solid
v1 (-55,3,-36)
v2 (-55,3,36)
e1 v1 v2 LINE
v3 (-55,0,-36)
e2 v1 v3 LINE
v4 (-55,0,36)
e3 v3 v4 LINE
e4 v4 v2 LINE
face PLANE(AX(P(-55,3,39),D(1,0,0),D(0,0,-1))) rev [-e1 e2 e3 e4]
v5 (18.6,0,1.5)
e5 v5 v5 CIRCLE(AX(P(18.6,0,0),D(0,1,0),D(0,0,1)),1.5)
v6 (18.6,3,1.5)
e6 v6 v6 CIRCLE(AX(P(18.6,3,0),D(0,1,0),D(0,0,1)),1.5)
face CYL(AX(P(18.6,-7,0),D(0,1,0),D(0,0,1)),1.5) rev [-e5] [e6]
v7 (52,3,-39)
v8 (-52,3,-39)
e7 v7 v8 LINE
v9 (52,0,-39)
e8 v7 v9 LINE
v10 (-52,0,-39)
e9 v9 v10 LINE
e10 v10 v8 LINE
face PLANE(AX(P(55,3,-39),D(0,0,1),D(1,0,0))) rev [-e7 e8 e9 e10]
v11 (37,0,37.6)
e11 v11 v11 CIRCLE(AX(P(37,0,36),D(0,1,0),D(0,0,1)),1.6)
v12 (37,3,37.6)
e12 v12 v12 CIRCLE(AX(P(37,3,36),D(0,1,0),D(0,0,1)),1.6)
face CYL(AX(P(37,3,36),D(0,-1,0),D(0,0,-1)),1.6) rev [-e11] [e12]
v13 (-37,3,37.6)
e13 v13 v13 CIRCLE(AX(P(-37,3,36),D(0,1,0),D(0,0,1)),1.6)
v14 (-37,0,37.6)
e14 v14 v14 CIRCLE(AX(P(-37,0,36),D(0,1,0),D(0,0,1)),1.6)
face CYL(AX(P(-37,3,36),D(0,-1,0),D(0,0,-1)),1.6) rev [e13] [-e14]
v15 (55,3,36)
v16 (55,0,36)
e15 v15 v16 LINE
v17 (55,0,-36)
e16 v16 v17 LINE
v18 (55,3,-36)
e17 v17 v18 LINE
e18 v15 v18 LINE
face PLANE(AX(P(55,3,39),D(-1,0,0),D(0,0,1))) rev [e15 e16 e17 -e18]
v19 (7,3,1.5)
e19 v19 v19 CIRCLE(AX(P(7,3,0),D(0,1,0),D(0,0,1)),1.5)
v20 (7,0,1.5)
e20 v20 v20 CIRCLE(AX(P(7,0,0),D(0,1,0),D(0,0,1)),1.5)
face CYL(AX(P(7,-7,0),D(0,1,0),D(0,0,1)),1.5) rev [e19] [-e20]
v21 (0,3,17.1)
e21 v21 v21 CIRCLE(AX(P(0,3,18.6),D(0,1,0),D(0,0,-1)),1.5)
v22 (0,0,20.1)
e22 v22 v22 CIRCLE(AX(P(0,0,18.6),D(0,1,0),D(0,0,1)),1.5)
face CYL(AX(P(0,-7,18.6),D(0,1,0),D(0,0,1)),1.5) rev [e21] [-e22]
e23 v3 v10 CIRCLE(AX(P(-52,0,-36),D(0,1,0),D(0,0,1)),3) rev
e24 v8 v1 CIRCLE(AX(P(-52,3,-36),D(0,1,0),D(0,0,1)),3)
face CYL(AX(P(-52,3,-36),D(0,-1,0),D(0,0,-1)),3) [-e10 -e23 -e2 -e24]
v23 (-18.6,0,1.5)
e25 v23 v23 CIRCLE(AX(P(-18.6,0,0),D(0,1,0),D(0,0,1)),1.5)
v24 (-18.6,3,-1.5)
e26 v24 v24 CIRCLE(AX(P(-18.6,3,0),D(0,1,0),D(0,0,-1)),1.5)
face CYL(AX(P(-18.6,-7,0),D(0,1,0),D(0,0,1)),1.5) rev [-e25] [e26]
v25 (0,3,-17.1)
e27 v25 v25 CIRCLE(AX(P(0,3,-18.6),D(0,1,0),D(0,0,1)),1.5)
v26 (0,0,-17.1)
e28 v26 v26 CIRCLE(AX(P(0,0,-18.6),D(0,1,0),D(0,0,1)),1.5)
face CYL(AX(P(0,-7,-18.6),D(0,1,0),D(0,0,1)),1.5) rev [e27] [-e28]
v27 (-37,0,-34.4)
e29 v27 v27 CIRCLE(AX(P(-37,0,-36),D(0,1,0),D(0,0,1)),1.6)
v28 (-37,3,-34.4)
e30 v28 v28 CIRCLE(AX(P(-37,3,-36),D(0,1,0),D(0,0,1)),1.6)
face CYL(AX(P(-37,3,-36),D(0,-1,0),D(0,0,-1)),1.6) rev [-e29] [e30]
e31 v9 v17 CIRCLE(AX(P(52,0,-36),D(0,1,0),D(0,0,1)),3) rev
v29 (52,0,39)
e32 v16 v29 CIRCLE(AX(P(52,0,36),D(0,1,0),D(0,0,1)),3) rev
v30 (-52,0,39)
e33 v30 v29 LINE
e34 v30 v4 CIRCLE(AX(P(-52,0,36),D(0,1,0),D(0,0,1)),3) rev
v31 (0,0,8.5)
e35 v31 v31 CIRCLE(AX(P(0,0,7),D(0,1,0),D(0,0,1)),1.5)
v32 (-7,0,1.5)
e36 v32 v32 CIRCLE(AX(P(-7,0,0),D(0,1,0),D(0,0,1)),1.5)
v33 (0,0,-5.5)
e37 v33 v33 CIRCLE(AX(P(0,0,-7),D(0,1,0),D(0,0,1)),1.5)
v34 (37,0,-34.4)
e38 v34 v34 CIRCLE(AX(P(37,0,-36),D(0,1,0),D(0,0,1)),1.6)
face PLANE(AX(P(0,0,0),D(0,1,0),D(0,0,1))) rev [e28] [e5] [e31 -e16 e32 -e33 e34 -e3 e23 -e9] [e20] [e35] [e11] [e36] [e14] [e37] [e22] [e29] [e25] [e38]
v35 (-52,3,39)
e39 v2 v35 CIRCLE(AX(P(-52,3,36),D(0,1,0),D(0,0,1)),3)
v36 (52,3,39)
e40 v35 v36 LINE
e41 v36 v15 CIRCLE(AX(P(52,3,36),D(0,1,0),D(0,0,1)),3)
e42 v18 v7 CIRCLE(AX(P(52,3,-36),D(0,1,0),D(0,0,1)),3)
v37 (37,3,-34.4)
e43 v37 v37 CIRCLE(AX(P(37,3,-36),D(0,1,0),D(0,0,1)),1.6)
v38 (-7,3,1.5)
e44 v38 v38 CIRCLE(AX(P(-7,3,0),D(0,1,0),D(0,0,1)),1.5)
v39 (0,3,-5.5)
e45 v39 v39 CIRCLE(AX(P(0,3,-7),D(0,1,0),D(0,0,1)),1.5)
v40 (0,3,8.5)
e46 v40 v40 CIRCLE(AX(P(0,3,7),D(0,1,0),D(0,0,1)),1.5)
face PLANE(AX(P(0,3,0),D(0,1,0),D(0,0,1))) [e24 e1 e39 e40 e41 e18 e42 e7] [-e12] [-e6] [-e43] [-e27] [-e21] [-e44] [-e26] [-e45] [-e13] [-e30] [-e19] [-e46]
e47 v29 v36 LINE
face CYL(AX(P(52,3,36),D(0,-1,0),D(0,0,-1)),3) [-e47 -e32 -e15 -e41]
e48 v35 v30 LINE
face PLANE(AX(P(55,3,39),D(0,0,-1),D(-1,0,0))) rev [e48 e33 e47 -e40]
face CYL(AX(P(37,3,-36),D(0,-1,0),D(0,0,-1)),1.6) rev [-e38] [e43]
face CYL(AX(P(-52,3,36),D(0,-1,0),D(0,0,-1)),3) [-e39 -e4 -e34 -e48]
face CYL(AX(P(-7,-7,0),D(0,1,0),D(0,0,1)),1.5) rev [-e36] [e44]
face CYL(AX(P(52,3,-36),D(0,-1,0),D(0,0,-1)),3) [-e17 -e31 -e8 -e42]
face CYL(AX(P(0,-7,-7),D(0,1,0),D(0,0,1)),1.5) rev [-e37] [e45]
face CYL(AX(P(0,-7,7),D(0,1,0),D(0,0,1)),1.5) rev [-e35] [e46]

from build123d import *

# Parameters (mm, degrees)
SKETCH_1_W          = 110
SKETCH_1_H          = 78
SKETCH_1_R          = 1.6
EXTRUDE_1_DEPTH     = 3
FILLET_1_R          = 3
SKETCH_2_R          = 1.5
CUT_EXTRUDE_1_DEPTH = 10


with BuildPart() as part:
    # 草图1 → 凸台-拉伸1 (new body)
    with BuildSketch(Plane(origin=(0, 0, 0), x_dir=(1, 0, 0), z_dir=(0, 1, 0))):
        Rectangle(SKETCH_1_W, SKETCH_1_H)
        with Locations(Location((-37, 36, 0), (0, 0, 270))):
            Circle(SKETCH_1_R, mode=Mode.SUBTRACT)
        with Locations(Location((37, 36, 0), (0, 0, 270))):
            Circle(SKETCH_1_R, mode=Mode.SUBTRACT)
        with Locations(Location((37, -36, 0), (0, 0, 270))):
            Circle(SKETCH_1_R, mode=Mode.SUBTRACT)
        with Locations(Location((-37, -36, 0), (0, 0, 270))):
            Circle(SKETCH_1_R, mode=Mode.SUBTRACT)
    extrude(amount=EXTRUDE_1_DEPTH)

    # 圆角1
    fillet_1_edges = [part.edges().sort_by_distance(p)[0] for p in [
        (-55, 1.5, -39),
        (55, 1.5, -39),
        (55, 1.5, 39),
        (-55, 1.5, 39),
    ]]
    fillet(fillet_1_edges, radius=FILLET_1_R)

    # 草图2 → 切除-拉伸1 (cut)
    with BuildSketch(Plane(origin=(0, 3, 0), x_dir=(1, 0, 0), z_dir=(0, 1, 0))):
        with Locations(Location((0, 7, 0), (0, 0, 270))):
            Circle(SKETCH_2_R)
        with Locations(Location((7, 0, 0), (0, 0, 270))):
            Circle(SKETCH_2_R)
        with Locations(Location((0, -7, 0), (0, 0, 270))):
            Circle(SKETCH_2_R)
        with Locations(Location((-7, 0, 0), (0, 0, 270))):
            Circle(SKETCH_2_R)
        with Locations(Location((18.6, 0, 0), (0, 0, 270))):
            Circle(SKETCH_2_R)
        with Locations(Location((-18.6, 0, 0), (0, 0, 270))):
            Circle(SKETCH_2_R)
        with Locations(Location((0, 18.6, 0), (0, 0, 270))):
            Circle(SKETCH_2_R)
        with Locations(Location((0, -18.6, 0), (0, 0, 270))):
            Circle(SKETCH_2_R)
    extrude(amount=-CUT_EXTRUDE_1_DEPTH, mode=Mode.SUBTRACT)


solid = part.part
